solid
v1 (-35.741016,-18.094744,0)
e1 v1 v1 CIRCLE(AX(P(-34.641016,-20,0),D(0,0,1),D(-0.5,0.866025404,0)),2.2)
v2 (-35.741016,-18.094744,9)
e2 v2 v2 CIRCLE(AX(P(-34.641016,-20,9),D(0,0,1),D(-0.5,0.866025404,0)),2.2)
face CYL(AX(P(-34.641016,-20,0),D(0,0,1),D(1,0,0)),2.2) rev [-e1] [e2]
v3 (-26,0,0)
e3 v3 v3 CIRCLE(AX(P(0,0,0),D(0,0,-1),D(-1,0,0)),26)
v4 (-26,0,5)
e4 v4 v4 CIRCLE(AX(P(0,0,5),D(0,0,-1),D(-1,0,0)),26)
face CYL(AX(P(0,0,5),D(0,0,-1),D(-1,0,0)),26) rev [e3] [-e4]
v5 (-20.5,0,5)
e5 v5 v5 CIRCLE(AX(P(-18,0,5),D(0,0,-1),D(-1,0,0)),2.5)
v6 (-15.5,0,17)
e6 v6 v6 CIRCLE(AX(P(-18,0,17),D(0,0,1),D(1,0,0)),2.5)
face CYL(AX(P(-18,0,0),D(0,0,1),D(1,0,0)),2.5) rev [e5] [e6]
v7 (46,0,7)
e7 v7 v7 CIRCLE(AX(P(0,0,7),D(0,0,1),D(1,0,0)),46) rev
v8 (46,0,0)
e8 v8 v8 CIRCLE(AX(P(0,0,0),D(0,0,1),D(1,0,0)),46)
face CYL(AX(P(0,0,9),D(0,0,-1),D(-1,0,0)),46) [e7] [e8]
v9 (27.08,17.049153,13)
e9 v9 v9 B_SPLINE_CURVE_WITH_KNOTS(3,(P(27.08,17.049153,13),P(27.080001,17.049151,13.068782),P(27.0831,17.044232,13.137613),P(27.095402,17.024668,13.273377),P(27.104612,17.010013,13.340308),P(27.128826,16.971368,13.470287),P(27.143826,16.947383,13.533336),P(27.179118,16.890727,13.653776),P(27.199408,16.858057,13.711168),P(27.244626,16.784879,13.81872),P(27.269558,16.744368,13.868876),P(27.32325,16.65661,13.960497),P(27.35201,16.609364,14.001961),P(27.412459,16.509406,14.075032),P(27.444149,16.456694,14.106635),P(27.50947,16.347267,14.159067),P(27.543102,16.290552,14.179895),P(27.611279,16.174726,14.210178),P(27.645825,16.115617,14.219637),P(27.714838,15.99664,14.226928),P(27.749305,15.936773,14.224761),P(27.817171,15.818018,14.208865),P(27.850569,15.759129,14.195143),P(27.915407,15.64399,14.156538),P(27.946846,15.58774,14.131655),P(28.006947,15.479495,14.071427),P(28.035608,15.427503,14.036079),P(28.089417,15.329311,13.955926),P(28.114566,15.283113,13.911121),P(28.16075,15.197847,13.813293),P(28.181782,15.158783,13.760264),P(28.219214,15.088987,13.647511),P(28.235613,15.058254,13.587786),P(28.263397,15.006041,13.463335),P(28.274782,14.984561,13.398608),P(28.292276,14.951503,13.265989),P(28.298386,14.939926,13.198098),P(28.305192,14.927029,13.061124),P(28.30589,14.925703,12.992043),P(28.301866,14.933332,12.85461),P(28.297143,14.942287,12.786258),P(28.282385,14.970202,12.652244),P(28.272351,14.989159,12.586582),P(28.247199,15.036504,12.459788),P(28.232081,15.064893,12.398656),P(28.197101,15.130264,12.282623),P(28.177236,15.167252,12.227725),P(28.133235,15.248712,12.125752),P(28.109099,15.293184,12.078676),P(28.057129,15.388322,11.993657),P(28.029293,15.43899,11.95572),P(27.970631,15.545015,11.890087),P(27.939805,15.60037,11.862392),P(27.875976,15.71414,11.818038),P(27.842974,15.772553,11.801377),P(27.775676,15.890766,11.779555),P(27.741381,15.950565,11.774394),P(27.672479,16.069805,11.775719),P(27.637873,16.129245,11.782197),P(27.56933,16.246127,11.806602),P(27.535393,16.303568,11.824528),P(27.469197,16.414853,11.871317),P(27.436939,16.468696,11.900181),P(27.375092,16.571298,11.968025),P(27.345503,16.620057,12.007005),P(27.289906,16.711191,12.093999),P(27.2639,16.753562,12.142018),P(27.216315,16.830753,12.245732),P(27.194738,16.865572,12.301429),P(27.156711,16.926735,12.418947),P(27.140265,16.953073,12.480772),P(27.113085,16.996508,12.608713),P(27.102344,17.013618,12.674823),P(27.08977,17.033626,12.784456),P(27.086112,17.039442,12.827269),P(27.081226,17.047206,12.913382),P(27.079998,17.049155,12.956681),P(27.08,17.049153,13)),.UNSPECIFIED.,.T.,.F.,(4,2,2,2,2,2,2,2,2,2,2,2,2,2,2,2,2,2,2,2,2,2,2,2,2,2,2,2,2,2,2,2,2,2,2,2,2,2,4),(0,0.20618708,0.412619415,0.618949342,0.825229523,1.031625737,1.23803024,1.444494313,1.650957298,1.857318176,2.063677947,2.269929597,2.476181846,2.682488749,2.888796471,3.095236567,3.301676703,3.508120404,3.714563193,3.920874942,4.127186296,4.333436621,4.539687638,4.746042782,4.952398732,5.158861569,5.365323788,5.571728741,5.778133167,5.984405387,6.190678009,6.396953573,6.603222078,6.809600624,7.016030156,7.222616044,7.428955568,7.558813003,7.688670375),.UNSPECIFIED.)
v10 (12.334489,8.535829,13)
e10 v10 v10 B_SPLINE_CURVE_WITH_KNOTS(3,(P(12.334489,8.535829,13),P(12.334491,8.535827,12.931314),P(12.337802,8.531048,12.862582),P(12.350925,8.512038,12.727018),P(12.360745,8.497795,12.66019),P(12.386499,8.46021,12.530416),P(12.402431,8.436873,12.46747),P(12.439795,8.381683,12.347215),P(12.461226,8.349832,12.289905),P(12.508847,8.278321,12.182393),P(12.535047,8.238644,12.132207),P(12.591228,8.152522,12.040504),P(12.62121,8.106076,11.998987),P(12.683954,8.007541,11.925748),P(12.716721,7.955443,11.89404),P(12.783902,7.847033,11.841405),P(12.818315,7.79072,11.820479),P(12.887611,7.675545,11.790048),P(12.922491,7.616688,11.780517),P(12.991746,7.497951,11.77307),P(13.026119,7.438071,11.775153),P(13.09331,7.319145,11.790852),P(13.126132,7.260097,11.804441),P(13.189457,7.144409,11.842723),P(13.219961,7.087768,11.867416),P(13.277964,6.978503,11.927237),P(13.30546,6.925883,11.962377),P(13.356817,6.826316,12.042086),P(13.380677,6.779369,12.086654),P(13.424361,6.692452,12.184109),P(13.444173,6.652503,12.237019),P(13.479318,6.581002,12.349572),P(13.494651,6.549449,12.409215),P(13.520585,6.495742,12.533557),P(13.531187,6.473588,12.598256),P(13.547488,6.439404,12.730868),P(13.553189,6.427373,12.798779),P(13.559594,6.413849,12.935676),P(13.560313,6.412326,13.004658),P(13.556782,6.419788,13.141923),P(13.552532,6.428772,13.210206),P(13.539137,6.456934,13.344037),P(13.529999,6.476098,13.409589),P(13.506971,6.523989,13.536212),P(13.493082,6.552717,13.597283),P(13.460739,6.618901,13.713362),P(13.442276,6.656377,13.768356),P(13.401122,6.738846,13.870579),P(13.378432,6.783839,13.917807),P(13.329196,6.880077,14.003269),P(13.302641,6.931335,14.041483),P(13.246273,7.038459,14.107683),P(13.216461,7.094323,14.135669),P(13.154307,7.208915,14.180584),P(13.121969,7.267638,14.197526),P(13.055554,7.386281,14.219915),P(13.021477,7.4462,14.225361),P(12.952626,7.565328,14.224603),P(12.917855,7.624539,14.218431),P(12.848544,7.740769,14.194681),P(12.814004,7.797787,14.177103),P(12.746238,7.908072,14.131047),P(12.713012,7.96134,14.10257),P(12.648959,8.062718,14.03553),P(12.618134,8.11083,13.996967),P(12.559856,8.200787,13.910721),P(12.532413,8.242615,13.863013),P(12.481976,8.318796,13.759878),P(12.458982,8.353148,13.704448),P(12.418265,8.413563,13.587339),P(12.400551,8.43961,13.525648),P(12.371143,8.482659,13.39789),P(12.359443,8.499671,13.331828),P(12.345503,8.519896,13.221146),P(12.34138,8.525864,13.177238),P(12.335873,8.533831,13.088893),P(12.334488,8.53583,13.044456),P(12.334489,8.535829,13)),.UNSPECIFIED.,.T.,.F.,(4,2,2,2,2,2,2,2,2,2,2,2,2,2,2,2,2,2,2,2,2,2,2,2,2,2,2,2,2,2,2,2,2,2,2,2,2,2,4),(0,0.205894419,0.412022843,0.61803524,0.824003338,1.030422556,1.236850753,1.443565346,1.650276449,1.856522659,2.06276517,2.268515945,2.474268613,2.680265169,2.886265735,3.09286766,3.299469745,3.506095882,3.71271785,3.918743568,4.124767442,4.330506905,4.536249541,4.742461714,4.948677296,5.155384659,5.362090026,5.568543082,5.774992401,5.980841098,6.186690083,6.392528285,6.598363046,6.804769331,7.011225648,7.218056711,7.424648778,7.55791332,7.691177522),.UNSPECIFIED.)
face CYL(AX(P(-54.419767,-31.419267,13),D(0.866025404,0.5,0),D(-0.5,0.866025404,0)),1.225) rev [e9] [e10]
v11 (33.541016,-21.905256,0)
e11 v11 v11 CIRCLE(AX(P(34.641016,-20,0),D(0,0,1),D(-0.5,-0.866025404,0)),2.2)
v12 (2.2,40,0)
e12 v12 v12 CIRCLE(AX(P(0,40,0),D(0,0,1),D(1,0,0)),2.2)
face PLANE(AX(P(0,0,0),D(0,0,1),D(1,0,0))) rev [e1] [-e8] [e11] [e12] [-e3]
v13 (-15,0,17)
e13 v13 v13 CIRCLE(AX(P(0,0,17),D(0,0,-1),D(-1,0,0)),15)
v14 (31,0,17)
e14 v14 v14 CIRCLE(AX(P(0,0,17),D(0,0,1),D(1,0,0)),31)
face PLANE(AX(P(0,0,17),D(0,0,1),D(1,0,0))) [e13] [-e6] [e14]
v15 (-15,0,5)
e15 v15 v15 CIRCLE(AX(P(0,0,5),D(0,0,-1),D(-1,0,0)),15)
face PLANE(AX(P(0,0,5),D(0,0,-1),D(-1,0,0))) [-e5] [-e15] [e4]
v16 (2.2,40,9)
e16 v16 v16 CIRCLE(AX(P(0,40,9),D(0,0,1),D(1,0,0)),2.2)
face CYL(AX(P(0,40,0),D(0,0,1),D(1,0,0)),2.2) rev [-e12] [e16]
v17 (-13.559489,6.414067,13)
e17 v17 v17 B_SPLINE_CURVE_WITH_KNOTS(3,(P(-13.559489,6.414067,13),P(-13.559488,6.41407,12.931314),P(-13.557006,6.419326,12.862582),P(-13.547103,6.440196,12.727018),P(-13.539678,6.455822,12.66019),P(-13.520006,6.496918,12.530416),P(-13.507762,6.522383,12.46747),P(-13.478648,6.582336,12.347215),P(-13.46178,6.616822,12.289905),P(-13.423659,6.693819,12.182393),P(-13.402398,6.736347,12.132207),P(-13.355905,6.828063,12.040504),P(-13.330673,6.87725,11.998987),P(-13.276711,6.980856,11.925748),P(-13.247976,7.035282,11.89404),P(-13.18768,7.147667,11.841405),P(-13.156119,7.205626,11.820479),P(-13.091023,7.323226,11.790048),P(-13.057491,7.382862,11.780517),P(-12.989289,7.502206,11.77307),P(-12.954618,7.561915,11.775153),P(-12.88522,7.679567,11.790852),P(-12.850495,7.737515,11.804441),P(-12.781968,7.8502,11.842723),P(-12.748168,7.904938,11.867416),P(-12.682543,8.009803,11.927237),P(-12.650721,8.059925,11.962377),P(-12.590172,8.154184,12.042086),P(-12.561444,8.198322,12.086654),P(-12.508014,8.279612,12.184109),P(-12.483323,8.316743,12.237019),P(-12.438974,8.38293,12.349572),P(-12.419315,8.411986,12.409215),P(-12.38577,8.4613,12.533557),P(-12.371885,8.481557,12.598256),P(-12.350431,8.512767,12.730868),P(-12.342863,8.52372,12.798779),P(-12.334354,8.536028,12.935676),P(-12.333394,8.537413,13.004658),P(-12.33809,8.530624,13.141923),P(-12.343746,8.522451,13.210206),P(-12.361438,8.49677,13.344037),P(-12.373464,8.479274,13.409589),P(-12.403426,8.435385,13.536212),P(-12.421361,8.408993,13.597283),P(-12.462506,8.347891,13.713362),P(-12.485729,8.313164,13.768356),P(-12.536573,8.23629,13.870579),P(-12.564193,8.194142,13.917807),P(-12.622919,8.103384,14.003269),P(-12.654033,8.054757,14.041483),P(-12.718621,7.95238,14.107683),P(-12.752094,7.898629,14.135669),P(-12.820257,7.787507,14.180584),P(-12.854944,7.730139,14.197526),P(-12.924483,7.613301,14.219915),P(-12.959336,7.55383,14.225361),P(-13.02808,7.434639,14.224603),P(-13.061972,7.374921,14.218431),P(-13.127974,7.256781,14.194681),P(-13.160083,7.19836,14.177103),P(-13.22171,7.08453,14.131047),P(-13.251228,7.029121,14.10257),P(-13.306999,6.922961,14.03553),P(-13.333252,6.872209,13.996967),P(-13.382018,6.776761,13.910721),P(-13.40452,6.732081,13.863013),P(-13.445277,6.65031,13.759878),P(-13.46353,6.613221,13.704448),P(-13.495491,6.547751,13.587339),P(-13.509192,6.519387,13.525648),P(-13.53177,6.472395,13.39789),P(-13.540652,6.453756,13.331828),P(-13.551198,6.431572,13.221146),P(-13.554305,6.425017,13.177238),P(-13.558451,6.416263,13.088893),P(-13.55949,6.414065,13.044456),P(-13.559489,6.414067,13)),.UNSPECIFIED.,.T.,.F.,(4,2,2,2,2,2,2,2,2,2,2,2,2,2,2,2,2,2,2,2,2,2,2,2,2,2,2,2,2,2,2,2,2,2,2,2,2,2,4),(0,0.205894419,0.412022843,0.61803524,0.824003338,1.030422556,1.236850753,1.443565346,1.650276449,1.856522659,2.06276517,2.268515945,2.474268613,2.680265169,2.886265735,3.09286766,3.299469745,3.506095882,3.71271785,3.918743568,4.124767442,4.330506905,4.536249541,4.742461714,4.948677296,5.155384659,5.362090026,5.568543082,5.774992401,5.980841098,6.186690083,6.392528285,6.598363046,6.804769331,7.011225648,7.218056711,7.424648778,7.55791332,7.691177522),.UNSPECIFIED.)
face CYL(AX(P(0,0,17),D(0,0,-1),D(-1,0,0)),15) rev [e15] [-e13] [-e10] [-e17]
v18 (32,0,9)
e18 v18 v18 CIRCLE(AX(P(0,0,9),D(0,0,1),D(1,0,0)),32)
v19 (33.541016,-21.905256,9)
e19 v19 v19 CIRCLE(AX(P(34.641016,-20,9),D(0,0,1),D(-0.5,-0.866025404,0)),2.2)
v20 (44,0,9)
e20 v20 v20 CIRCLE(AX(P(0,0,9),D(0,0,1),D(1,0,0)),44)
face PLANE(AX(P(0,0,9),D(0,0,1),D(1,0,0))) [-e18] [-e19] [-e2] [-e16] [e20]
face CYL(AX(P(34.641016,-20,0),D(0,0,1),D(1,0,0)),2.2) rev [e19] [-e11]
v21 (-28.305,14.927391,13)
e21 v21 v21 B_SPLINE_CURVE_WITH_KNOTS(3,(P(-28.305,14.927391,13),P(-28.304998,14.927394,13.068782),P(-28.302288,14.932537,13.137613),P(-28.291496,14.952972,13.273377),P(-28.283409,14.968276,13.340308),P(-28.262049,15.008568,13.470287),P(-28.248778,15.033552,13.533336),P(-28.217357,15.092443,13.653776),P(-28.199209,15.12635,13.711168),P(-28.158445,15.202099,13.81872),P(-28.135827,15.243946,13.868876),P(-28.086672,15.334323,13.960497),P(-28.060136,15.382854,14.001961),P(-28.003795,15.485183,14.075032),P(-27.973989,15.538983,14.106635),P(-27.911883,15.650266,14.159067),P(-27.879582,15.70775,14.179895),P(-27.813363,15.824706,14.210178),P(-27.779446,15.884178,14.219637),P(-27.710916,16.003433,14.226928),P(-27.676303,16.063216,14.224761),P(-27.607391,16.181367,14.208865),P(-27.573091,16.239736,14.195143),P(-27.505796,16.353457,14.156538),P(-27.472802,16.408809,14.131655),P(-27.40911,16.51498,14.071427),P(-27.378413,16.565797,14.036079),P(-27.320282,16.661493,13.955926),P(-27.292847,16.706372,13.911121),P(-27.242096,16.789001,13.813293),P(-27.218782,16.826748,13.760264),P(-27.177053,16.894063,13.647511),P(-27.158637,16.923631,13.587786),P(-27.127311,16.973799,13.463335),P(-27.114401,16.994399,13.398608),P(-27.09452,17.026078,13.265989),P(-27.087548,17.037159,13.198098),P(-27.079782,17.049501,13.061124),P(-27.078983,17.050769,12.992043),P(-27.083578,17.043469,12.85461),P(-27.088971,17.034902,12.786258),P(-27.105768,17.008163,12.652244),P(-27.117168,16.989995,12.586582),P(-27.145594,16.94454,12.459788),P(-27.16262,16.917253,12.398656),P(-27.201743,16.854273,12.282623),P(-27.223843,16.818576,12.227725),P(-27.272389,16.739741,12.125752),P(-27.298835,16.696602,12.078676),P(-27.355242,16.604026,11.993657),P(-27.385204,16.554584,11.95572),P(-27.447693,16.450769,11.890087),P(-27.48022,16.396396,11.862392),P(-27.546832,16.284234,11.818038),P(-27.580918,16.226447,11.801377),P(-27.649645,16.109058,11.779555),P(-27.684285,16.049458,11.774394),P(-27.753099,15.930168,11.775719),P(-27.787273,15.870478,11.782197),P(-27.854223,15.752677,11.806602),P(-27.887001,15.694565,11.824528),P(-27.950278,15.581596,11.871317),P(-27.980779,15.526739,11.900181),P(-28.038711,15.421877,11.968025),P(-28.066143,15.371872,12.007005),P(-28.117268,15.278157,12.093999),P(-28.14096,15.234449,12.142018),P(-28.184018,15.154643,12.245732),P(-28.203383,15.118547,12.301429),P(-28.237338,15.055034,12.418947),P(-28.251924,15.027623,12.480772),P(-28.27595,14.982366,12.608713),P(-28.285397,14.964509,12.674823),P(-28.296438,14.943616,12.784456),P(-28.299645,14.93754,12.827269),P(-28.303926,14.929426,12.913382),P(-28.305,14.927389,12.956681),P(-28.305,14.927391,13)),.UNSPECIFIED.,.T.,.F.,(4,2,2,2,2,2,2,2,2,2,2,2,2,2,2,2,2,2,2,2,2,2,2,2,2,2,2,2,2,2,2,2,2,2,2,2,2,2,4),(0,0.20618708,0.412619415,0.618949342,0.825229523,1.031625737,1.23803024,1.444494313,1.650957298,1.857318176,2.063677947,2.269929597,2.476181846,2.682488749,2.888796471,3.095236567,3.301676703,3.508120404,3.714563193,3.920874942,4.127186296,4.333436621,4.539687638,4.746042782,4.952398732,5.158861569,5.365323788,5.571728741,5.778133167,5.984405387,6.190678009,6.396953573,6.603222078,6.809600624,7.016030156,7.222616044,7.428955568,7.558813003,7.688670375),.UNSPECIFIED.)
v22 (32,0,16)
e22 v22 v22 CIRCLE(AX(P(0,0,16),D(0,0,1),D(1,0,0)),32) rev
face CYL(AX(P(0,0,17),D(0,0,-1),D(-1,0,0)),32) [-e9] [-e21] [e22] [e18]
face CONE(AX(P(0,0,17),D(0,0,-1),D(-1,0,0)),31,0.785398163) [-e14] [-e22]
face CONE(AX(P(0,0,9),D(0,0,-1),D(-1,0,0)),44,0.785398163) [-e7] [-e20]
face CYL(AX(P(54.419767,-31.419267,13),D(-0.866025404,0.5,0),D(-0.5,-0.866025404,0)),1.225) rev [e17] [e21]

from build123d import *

# Parameters (mm, degrees)
ESQUISSE1_R                  = 46
BASE_EXTRUSION_DEPTH         = 9
ESQUISSE2_R                  = 32
BOSS_EXTRU_1_DEPTH           = 8
ESQUISSE3_R                  = 26
ENL_V_MAT_EXTRU_1_DEPTH      = 5
ESQUISSE4_R                  = 15
ENL_V_MAT_EXTRU_2_DEPTH      = 13
ESQUISSE5_R                  = 2.2
ENL_V_MAT_EXTRU_3_DEPTH      = 10
R_P_TITION_CIRCULAIRE1_COUNT = 3
CHANFREIN1_SIZE              = 2
CHANFREIN2_SIZE              = 1
ENL_V_START                  = -17.050105
ESQUISSE8_R                  = 1.225
ENL_V_MAT_EXTRU_4_DEPTH      = 17.050105
R_P_TITION_CIRCULAIRE2_COUNT = 2
R_P_TITION_CIRCULAIRE2_ANGLE = 120
ESQUISSE9_R                  = 2.5
ENL_V_MAT_EXTRU_5_DEPTH      = 18


with BuildPart() as part:
    # Esquisse1 → Base-Extrusion (new body)
    with BuildSketch(Plane.XY):
        Circle(ESQUISSE1_R)
    extrude(amount=BASE_EXTRUSION_DEPTH)

    # Esquisse2 → Boss.-Extru.1 (add)
    with BuildSketch(Plane.XY.offset(9)):
        Circle(ESQUISSE2_R)
    extrude(amount=BOSS_EXTRU_1_DEPTH)

    # Esquisse3 → Enlèv. mat.-Extru.1 (cut)
    with BuildSketch(Plane(origin=(0, 0, 0), x_dir=(-1, 0, 0), z_dir=(0, 0, -1))):
        Circle(ESQUISSE3_R)
    extrude(amount=-ENL_V_MAT_EXTRU_1_DEPTH, mode=Mode.SUBTRACT)

    # Esquisse4 → Enlèv. mat.-Extru.2 (cut, through all)
    with BuildSketch(Plane(origin=(0, 0, 5), x_dir=(-1, 0, 0), z_dir=(0, 0, -1))):
        Circle(ESQUISSE4_R)
    extrude(amount=-ENL_V_MAT_EXTRU_2_DEPTH, mode=Mode.SUBTRACT)

    # Esquisse5 → Enlèv. mat.-Extru.3 (cut, through all)
    with BuildSketch(Plane.XY.offset(9)):
        with Locations((0, 40)):
            Circle(ESQUISSE5_R)
    enl_v_mat_extru_3 = extrude(amount=-ENL_V_MAT_EXTRU_3_DEPTH, mode=Mode.SUBTRACT)

    # Répétition circulaire1: Enlèv. mat.-Extru.3 ×3 about axis
    r_p_tition_circulaire1_axis = Axis((0, 0, 0), (0, 0, 1))
    for i in range(1, R_P_TITION_CIRCULAIRE1_COUNT):
        add(enl_v_mat_extru_3.rotate(r_p_tition_circulaire1_axis, i * 360 / R_P_TITION_CIRCULAIRE1_COUNT), mode=Mode.SUBTRACT)

    # Chanfrein1
    chanfrein1_edges = [part.edges().sort_by_distance(p)[0] for p in [
        (-46, 0, 9),
    ]]
    chamfer(chanfrein1_edges, length=CHANFREIN1_SIZE)

    # Chanfrein2
    chanfrein2_edges = [part.edges().sort_by_distance(p)[0] for p in [
        (-32, 0, 17),
    ]]
    chamfer(chanfrein2_edges, length=CHANFREIN2_SIZE)

    # Esquisse8 → Enlèv. mat.-Extru.4 (cut)
    with BuildSketch(Plane(origin=(27.712812921, 16, 0), x_dir=(0, 0, -1), z_dir=(0.866025404, 0.5, 0)).offset(ENL_V_START)):
        with Locations((-13, 0)):
            Circle(ESQUISSE8_R)
    enl_v_mat_extru_4 = extrude(amount=ENL_V_MAT_EXTRU_4_DEPTH, mode=Mode.SUBTRACT)

    # Répétition circulaire2: Enlèv. mat.-Extru.4 ×2 about axis
    r_p_tition_circulaire2_axis = Axis((0, 0, 17), (0, 0, 1))
    for i in range(1, R_P_TITION_CIRCULAIRE2_COUNT):
        add(enl_v_mat_extru_4.rotate(r_p_tition_circulaire2_axis, i * R_P_TITION_CIRCULAIRE2_ANGLE / (R_P_TITION_CIRCULAIRE2_COUNT - 1)), mode=Mode.SUBTRACT)

    # Esquisse9 → Enlèv. mat.-Extru.5 (cut, through all)
    with BuildSketch(Plane.XY.offset(17)):
        with Locations((-18, 0)):
            Circle(ESQUISSE9_R)
    extrude(amount=-ENL_V_MAT_EXTRU_5_DEPTH, mode=Mode.SUBTRACT)


solid = part.part
